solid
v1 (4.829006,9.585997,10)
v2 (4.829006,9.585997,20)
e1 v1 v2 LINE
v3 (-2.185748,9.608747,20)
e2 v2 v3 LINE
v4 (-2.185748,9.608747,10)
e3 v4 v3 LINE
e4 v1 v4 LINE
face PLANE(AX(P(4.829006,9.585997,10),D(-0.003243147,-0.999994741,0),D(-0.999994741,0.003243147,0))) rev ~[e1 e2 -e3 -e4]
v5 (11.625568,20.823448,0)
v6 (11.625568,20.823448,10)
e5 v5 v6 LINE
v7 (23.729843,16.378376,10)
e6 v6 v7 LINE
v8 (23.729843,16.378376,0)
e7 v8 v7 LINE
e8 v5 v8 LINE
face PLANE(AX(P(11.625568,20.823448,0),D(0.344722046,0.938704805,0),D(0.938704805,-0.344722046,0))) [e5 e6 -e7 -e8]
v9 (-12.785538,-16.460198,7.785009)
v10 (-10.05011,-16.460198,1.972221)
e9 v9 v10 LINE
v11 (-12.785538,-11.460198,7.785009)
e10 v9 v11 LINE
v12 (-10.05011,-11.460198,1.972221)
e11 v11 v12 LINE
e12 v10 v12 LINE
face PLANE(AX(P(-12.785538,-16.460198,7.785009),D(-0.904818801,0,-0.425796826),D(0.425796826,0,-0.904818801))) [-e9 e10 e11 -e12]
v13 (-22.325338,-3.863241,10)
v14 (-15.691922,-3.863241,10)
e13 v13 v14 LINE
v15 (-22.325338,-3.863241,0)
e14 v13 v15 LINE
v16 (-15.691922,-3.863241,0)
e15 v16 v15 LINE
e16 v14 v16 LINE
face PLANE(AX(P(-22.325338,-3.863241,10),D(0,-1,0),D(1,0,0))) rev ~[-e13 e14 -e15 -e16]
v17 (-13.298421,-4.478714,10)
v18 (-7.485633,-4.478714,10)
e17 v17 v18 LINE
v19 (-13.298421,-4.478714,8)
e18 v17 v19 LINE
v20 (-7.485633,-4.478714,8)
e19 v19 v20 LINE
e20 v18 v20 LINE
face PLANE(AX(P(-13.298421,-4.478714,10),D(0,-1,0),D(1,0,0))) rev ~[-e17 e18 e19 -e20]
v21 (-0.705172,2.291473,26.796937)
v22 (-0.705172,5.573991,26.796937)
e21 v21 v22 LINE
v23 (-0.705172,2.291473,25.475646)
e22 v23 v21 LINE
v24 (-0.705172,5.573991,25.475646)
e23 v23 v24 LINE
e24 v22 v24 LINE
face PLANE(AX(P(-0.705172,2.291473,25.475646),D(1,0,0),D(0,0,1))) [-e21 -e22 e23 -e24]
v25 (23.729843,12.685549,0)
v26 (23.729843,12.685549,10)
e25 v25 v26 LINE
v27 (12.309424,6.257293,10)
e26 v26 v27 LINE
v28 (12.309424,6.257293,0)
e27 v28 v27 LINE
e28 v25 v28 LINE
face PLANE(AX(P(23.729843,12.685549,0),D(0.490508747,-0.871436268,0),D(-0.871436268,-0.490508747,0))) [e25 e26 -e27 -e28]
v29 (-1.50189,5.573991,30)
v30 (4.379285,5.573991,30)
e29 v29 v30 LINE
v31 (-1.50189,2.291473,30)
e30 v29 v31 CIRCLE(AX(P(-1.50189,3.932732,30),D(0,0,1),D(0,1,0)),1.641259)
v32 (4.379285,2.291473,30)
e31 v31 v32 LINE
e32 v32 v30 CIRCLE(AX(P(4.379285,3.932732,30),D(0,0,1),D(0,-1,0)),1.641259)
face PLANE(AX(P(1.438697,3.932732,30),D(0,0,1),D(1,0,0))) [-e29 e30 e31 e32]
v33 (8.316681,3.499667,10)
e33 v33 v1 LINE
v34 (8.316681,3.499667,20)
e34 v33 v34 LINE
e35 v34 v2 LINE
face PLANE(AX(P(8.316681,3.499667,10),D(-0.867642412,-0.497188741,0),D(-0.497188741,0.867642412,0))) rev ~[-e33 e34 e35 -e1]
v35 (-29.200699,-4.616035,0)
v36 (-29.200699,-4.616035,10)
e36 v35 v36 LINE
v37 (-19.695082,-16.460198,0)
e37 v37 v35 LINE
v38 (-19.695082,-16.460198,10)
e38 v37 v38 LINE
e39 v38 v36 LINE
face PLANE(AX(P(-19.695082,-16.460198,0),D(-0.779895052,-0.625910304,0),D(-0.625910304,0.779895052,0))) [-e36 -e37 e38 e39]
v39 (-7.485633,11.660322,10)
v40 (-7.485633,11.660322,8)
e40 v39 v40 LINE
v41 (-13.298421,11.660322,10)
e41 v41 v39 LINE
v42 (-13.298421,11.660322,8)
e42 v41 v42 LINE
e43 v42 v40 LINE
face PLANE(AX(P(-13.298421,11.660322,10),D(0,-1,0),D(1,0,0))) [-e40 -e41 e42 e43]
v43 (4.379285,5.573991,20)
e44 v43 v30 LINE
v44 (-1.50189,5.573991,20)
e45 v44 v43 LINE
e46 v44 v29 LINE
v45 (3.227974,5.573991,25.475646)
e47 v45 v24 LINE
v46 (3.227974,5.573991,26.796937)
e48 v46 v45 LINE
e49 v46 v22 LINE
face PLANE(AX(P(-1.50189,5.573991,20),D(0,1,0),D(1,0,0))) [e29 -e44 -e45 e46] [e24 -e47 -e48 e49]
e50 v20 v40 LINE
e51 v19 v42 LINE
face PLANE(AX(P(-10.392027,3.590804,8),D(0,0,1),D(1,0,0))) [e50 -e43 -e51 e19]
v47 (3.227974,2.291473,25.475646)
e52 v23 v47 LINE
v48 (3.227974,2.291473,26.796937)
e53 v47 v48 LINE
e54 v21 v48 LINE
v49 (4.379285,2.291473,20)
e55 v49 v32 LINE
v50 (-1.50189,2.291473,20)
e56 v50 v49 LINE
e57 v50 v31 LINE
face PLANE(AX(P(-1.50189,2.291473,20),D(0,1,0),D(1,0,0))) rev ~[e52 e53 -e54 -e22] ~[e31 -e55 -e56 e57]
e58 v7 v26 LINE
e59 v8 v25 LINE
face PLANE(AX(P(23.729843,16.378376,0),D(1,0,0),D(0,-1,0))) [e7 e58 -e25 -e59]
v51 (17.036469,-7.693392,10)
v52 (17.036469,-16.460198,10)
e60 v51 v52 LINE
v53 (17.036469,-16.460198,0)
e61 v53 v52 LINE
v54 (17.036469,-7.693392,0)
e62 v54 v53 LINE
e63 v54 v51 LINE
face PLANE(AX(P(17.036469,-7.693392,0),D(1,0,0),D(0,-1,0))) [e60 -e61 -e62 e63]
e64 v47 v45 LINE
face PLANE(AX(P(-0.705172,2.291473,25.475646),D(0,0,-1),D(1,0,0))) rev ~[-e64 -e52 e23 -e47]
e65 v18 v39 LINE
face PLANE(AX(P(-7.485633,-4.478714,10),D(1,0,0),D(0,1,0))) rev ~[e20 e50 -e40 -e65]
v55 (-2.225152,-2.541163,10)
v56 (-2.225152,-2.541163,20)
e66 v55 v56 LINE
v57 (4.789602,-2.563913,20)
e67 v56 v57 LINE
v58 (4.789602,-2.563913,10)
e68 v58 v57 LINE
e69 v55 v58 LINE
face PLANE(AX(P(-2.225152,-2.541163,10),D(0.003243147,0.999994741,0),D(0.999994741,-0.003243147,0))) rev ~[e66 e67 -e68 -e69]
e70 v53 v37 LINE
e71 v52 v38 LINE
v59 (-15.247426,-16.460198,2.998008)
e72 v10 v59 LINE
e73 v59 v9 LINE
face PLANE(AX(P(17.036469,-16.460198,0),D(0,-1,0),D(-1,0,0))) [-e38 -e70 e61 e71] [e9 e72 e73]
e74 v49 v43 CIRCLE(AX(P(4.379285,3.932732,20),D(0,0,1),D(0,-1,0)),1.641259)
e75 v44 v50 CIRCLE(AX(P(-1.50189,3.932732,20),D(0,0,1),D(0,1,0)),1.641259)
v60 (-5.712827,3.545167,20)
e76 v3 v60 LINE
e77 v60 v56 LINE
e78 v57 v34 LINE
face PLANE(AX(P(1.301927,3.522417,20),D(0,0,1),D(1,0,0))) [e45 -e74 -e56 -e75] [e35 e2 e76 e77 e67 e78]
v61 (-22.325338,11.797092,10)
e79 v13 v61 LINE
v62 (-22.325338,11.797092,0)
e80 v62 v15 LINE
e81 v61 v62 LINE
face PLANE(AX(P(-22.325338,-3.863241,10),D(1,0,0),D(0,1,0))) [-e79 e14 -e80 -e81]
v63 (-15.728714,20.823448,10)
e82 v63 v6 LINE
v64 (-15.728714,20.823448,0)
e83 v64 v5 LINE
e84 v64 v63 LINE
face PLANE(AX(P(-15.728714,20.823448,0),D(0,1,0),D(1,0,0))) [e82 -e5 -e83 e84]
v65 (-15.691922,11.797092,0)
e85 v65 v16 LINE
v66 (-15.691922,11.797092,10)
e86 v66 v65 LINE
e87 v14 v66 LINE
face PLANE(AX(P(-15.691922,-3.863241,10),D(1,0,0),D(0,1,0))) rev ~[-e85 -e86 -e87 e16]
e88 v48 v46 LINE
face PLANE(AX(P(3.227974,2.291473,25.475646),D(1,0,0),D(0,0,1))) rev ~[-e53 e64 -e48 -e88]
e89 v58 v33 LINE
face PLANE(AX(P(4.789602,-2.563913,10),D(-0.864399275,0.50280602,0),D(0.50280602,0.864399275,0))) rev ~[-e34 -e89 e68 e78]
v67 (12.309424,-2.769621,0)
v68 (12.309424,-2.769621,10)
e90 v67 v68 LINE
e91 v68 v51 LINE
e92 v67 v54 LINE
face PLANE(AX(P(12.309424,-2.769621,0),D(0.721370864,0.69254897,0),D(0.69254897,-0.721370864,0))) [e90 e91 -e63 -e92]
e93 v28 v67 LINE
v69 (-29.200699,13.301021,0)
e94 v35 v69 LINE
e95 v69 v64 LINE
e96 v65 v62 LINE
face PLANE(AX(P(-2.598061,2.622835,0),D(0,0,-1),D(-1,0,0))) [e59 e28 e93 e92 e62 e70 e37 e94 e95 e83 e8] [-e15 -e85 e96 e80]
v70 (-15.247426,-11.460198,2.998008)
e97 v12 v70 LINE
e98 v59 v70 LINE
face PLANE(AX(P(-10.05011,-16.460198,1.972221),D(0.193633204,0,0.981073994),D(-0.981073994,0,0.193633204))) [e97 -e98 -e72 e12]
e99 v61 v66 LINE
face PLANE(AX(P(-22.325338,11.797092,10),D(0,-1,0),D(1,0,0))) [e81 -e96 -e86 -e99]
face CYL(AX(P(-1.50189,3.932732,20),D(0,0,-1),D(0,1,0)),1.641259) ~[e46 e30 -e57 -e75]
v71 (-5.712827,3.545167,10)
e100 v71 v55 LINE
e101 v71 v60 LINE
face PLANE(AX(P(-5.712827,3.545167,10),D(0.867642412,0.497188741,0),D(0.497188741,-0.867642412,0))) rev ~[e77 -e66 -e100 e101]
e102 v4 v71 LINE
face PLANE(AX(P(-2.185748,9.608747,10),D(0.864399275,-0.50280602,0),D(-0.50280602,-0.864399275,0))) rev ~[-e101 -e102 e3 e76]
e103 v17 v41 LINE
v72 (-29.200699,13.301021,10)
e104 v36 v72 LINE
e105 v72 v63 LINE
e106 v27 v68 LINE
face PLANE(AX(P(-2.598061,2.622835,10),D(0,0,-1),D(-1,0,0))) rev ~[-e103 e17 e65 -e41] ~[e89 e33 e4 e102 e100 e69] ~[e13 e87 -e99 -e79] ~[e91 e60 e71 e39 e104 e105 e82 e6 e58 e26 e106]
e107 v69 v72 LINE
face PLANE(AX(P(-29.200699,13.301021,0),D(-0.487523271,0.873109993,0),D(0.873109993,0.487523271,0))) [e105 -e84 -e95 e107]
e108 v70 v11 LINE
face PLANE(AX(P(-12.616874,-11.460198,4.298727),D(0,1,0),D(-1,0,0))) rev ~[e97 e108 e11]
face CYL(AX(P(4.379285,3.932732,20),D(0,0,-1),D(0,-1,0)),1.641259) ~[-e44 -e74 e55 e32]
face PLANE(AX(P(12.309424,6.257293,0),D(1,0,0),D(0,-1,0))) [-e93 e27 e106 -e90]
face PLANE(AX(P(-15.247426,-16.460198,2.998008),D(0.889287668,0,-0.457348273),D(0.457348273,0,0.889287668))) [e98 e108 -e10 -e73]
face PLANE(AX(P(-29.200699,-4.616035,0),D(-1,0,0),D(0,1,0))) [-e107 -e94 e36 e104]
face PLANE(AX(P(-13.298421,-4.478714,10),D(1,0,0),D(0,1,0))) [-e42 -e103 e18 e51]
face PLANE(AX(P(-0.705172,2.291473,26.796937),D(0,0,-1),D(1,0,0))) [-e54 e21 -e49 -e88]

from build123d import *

# Parameters (mm, degrees)
PAD_DEPTH       = 10
SKETCH001_W     = 6.633416
SKETCH001_H     = 15.660333
POCKET_DEPTH    = 10.001
SKETCH002_W     = 5.812787
SKETCH002_H     = 16.139036
POCKET001_DEPTH = 2
PAD001_DEPTH    = 10
PAD002_DEPTH    = 10
POCKET002_DEPTH = 5
SKETCH006_W     = 3.933146
SKETCH006_H     = 1.321291
POCKET003_DEPTH = 18.532975


with BuildPart() as part:
    # Sketch → Pad (new body)
    with BuildSketch(Plane.XY):
        Polygon((-15.728714, 20.823448), (11.625568, 20.823448), (23.729843, 16.378376), (23.729843, 12.685549), (12.309424, 6.257293), (12.309424, -2.769621), (17.036469, -7.693392), (17.036469, -16.460198), (-19.695082, -16.460198), (-29.200699, -4.616035), (-29.200699, 13.301021), align=None)
    extrude(amount=PAD_DEPTH)

    # Sketch001 → Pocket (cut, through all)
    with BuildSketch(Plane.XY.offset(10)):
        with Locations((-19.00863, 3.966925)):
            Rectangle(SKETCH001_W, SKETCH001_H)
    extrude(amount=-POCKET_DEPTH, mode=Mode.SUBTRACT)

    # Sketch002 → Pocket001 (cut)
    with BuildSketch(Plane.XY.offset(10)):
        with Locations((-10.392027, 3.590804)):
            Rectangle(SKETCH002_W, SKETCH002_H)
    extrude(amount=-POCKET001_DEPTH, mode=Mode.SUBTRACT)

    # Sketch003 → Pad001 (new body)
    with BuildSketch(Plane.XY.offset(10)):
        Polygon((4.789602, -2.563913), (8.316681, 3.499667), (4.829006, 9.585997), (-2.185748, 9.608747), (-5.712827, 3.545167), (-2.225152, -2.541163), align=None)
    extrude(amount=PAD001_DEPTH)

    # Sketch004 → Pad002 (new body)
    with BuildSketch(Plane.XY.offset(20)):
        with BuildLine():
            ThreePointArc((-1.50189, 5.573991), (-3.143149, 3.932732), (-1.50189, 2.291473))
            Line((-1.50189, 2.291473), (4.379285, 2.291473))
            ThreePointArc((4.379285, 2.291473), (6.020544, 3.932732), (4.379285, 5.573991))
            Line((-1.50189, 5.573991), (4.379285, 5.573991))
        make_face()
    extrude(amount=PAD002_DEPTH)

    # Sketch005 → Pocket002 (cut)
    with BuildSketch(Plane.XZ.offset(16.460198)):
        Polygon((-15.247426, 2.998008), (-12.785538, 7.785009), (-10.05011, 1.972221), align=None)
    extrude(amount=-POCKET002_DEPTH, mode=Mode.SUBTRACT)

    # Sketch006 → Pocket003 (cut, through all)
    with BuildSketch(Plane.XZ.offset(-2.291473)):
        with Locations((1.261401, 26.136292)):
            Rectangle(SKETCH006_W, SKETCH006_H)
    extrude(amount=-POCKET003_DEPTH, mode=Mode.SUBTRACT)


solid = part.part
